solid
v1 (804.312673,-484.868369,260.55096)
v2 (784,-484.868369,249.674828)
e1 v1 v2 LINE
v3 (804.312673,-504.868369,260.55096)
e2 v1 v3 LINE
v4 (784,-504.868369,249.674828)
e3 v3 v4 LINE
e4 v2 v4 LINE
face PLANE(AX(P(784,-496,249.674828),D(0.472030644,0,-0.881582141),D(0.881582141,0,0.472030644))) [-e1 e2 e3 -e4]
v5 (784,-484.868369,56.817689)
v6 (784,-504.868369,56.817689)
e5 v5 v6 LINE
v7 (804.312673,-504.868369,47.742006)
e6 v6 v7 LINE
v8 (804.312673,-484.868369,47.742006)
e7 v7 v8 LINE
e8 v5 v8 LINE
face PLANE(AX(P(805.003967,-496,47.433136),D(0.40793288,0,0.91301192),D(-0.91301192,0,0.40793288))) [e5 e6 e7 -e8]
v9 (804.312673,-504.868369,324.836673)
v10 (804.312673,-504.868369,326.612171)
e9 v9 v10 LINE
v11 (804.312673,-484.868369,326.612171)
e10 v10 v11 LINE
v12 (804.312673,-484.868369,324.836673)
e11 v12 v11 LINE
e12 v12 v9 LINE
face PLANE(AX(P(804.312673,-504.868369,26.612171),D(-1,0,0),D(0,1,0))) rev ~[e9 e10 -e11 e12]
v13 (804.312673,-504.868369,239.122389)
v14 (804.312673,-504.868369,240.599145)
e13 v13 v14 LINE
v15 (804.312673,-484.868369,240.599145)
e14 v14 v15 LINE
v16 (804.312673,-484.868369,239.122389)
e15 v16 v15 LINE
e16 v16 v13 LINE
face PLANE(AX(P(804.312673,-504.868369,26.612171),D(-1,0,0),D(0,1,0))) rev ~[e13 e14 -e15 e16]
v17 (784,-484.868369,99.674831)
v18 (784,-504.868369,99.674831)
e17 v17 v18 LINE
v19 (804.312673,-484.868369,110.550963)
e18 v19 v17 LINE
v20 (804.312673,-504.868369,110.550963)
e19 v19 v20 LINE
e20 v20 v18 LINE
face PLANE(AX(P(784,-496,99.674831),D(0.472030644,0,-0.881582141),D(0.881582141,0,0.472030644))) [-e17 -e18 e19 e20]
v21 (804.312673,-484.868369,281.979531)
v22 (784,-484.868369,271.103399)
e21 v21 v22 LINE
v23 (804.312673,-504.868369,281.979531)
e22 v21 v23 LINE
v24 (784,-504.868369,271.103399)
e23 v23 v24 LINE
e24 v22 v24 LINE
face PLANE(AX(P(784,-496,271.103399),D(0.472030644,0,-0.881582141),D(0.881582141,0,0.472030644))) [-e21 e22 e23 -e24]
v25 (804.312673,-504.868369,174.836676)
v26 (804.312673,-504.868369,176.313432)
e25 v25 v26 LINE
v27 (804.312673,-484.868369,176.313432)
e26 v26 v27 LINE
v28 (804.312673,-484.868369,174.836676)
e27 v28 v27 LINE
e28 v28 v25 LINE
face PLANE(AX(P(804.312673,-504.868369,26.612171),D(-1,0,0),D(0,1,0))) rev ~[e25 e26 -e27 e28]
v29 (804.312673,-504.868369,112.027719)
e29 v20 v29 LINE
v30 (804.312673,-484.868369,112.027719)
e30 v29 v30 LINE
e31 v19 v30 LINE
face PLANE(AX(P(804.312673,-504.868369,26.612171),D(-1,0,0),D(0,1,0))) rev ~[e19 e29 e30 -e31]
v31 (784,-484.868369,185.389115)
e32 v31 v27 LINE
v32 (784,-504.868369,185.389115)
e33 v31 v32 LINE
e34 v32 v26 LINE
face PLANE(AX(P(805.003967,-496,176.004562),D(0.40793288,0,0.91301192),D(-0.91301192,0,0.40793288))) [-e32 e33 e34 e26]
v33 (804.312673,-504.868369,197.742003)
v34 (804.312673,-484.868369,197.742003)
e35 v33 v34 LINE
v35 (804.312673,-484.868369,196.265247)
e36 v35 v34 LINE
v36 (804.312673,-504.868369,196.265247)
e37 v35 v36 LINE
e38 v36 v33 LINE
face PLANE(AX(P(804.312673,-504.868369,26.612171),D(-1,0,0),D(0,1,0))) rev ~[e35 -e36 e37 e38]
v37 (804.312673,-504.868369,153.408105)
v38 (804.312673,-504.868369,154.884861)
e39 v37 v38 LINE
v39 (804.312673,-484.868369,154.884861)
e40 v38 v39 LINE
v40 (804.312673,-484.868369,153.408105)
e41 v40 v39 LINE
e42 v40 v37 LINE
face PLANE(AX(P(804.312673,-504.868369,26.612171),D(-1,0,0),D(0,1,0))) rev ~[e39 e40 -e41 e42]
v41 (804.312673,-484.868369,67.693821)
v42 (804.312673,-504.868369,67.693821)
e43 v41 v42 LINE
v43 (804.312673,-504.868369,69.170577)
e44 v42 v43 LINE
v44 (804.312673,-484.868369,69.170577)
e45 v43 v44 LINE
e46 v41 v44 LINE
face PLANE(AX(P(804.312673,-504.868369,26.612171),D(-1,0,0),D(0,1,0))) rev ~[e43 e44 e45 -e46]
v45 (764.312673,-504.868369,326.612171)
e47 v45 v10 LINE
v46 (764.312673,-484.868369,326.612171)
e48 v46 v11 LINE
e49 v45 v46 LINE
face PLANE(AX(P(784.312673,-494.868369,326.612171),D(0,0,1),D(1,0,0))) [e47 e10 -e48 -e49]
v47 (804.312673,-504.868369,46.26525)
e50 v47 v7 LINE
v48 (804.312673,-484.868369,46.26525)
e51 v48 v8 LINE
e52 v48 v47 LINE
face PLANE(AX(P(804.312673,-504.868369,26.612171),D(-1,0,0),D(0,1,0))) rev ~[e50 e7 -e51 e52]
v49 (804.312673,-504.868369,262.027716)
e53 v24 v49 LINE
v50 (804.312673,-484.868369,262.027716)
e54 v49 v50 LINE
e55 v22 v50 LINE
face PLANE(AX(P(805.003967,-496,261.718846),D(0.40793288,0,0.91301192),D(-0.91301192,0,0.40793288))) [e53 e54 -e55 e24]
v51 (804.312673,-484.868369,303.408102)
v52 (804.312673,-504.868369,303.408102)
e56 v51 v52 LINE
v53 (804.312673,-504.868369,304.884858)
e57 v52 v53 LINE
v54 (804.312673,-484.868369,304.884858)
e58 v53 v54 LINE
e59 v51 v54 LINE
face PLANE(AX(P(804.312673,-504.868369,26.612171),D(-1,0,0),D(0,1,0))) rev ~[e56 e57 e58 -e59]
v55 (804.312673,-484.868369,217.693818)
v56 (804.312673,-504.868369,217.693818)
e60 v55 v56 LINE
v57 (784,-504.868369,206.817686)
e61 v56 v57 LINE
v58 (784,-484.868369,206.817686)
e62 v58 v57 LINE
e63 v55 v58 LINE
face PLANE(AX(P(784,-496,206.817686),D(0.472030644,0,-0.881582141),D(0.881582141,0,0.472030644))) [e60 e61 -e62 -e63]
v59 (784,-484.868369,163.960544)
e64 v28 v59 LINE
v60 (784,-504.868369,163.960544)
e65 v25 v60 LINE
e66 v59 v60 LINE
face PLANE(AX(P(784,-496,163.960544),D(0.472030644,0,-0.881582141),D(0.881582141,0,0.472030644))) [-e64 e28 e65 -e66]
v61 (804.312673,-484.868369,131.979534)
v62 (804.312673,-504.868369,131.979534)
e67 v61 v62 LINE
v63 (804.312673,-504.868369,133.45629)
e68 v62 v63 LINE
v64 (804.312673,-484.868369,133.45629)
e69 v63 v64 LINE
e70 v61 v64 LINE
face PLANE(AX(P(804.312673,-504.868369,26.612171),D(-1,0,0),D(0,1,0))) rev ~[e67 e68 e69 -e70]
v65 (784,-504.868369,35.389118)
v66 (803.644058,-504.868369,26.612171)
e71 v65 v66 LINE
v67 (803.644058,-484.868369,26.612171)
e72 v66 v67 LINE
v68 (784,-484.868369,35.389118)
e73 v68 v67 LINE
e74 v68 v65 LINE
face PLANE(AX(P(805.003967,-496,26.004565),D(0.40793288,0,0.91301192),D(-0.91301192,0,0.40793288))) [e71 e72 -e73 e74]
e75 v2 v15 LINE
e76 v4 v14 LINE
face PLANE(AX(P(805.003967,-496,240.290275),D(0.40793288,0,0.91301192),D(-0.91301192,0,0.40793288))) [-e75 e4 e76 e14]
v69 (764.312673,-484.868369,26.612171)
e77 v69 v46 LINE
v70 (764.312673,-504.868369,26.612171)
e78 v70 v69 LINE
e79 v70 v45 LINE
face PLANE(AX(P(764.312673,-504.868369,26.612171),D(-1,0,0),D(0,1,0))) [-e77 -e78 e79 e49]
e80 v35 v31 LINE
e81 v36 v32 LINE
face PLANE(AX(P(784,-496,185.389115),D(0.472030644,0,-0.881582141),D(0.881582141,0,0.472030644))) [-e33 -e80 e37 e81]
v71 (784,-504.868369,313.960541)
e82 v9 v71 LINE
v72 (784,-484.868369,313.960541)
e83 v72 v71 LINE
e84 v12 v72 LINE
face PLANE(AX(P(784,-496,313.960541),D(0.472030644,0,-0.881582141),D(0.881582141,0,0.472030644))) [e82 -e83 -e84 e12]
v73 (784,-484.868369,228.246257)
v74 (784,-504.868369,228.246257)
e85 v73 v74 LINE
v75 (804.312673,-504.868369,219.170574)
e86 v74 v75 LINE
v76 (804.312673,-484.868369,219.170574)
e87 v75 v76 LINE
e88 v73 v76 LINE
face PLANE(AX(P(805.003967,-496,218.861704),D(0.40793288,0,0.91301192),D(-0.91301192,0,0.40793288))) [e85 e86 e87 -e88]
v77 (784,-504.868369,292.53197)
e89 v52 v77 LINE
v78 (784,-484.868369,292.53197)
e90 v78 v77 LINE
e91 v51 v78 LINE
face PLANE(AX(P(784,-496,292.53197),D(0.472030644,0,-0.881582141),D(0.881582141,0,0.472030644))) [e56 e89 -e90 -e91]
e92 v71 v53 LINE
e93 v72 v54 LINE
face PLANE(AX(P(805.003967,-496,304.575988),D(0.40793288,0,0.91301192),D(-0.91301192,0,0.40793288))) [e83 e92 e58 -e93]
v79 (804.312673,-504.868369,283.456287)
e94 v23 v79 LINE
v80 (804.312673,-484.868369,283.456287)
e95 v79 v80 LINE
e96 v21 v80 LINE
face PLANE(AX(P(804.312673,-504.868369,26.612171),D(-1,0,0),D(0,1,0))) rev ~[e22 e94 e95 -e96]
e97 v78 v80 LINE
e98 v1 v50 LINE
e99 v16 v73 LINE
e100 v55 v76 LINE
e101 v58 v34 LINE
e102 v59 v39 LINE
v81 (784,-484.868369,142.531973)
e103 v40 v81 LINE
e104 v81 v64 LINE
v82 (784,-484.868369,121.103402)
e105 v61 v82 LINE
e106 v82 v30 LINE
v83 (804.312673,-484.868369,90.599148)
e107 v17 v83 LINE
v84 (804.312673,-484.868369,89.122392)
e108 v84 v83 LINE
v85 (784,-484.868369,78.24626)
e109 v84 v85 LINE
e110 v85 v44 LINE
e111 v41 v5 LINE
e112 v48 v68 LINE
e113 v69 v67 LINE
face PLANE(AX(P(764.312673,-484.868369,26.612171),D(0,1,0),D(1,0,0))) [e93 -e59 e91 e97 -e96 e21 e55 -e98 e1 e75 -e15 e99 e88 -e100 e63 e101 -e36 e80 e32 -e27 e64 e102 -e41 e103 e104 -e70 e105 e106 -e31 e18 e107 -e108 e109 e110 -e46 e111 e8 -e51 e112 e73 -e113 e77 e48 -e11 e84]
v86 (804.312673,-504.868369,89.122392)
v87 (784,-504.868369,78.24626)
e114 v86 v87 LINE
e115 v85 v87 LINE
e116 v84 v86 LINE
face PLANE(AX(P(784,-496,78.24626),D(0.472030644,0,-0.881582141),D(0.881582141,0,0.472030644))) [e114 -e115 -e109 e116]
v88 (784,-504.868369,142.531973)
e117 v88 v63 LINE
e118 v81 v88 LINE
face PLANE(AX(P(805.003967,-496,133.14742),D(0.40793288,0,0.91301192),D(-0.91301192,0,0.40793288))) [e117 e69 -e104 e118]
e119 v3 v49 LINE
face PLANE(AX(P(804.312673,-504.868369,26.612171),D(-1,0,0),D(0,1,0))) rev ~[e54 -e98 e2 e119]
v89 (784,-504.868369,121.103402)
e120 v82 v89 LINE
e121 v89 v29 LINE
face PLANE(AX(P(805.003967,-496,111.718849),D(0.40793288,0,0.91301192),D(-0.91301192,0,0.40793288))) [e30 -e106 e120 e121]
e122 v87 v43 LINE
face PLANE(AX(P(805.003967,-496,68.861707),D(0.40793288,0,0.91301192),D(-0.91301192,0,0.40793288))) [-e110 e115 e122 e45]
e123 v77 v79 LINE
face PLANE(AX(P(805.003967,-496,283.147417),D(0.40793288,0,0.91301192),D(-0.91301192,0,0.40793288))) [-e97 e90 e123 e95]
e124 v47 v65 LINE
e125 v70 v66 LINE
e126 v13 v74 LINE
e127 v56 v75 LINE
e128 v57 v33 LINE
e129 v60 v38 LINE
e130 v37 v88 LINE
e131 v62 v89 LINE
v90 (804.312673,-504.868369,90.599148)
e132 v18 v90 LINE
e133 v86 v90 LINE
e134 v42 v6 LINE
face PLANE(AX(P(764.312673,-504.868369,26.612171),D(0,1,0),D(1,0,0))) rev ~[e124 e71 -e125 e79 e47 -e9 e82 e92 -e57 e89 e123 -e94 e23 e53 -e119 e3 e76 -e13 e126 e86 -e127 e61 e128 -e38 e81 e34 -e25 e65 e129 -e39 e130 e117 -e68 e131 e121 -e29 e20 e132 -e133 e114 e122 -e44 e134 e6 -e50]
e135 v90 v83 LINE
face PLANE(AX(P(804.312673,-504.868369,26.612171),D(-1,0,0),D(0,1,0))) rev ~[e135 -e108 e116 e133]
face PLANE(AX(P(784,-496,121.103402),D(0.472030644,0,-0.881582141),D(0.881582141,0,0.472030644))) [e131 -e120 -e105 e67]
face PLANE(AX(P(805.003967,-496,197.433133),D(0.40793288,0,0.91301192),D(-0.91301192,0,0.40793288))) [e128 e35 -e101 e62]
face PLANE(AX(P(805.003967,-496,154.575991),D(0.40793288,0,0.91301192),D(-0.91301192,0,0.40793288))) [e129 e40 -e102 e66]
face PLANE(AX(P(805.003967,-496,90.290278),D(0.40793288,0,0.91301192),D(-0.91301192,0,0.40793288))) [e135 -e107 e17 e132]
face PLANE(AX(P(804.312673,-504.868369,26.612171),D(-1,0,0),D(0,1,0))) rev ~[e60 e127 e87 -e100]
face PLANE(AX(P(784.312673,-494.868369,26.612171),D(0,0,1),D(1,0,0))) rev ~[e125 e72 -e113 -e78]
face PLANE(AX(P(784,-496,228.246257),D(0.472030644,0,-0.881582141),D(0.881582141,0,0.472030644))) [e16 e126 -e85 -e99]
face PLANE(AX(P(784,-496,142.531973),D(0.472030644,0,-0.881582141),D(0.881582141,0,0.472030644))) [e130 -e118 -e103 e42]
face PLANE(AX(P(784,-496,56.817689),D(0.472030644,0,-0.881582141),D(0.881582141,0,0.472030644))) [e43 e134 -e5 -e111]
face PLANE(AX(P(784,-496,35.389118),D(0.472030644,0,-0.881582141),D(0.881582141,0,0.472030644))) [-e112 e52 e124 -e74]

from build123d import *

# Parameters (mm, degrees)
SKETCH_W            = 40
SKETCH_H            = 20
PAD_DEPTH           = 300
POCKET_DEPTH        = 12
LINEARPATTERN_COUNT = 15
LINEARPATTERN_PITCH = 21.428571


with BuildPart() as part:
    # Sketch → Pad (new body)
    with BuildSketch(Plane.XY.offset(26.612171)):
        with Locations((0.312673, 1.131631)):
            Rectangle(SKETCH_W, SKETCH_H)
    extrude(amount=PAD_DEPTH)

    # Sketch001 → Pocket (cut, symmetric)
    with BuildSketch(Plane.XZ):
        Polygon((21.003967, 325.206817), (21.003967, 304.575988), (0, 313.960541), align=None)
    pocket = extrude(amount=POCKET_DEPTH, both=True, mode=Mode.SUBTRACT)

    # LinearPattern: Pocket ×15
    with Locations(*[(0, 0, -i * LINEARPATTERN_PITCH) for i in range(1, LINEARPATTERN_COUNT)]):
        add(pocket, mode=Mode.SUBTRACT)


with BuildPart() as part_1:
    # Body placement: moved
    add(part.part.moved(Location((784, -496, 0))))


solid = part_1.part
